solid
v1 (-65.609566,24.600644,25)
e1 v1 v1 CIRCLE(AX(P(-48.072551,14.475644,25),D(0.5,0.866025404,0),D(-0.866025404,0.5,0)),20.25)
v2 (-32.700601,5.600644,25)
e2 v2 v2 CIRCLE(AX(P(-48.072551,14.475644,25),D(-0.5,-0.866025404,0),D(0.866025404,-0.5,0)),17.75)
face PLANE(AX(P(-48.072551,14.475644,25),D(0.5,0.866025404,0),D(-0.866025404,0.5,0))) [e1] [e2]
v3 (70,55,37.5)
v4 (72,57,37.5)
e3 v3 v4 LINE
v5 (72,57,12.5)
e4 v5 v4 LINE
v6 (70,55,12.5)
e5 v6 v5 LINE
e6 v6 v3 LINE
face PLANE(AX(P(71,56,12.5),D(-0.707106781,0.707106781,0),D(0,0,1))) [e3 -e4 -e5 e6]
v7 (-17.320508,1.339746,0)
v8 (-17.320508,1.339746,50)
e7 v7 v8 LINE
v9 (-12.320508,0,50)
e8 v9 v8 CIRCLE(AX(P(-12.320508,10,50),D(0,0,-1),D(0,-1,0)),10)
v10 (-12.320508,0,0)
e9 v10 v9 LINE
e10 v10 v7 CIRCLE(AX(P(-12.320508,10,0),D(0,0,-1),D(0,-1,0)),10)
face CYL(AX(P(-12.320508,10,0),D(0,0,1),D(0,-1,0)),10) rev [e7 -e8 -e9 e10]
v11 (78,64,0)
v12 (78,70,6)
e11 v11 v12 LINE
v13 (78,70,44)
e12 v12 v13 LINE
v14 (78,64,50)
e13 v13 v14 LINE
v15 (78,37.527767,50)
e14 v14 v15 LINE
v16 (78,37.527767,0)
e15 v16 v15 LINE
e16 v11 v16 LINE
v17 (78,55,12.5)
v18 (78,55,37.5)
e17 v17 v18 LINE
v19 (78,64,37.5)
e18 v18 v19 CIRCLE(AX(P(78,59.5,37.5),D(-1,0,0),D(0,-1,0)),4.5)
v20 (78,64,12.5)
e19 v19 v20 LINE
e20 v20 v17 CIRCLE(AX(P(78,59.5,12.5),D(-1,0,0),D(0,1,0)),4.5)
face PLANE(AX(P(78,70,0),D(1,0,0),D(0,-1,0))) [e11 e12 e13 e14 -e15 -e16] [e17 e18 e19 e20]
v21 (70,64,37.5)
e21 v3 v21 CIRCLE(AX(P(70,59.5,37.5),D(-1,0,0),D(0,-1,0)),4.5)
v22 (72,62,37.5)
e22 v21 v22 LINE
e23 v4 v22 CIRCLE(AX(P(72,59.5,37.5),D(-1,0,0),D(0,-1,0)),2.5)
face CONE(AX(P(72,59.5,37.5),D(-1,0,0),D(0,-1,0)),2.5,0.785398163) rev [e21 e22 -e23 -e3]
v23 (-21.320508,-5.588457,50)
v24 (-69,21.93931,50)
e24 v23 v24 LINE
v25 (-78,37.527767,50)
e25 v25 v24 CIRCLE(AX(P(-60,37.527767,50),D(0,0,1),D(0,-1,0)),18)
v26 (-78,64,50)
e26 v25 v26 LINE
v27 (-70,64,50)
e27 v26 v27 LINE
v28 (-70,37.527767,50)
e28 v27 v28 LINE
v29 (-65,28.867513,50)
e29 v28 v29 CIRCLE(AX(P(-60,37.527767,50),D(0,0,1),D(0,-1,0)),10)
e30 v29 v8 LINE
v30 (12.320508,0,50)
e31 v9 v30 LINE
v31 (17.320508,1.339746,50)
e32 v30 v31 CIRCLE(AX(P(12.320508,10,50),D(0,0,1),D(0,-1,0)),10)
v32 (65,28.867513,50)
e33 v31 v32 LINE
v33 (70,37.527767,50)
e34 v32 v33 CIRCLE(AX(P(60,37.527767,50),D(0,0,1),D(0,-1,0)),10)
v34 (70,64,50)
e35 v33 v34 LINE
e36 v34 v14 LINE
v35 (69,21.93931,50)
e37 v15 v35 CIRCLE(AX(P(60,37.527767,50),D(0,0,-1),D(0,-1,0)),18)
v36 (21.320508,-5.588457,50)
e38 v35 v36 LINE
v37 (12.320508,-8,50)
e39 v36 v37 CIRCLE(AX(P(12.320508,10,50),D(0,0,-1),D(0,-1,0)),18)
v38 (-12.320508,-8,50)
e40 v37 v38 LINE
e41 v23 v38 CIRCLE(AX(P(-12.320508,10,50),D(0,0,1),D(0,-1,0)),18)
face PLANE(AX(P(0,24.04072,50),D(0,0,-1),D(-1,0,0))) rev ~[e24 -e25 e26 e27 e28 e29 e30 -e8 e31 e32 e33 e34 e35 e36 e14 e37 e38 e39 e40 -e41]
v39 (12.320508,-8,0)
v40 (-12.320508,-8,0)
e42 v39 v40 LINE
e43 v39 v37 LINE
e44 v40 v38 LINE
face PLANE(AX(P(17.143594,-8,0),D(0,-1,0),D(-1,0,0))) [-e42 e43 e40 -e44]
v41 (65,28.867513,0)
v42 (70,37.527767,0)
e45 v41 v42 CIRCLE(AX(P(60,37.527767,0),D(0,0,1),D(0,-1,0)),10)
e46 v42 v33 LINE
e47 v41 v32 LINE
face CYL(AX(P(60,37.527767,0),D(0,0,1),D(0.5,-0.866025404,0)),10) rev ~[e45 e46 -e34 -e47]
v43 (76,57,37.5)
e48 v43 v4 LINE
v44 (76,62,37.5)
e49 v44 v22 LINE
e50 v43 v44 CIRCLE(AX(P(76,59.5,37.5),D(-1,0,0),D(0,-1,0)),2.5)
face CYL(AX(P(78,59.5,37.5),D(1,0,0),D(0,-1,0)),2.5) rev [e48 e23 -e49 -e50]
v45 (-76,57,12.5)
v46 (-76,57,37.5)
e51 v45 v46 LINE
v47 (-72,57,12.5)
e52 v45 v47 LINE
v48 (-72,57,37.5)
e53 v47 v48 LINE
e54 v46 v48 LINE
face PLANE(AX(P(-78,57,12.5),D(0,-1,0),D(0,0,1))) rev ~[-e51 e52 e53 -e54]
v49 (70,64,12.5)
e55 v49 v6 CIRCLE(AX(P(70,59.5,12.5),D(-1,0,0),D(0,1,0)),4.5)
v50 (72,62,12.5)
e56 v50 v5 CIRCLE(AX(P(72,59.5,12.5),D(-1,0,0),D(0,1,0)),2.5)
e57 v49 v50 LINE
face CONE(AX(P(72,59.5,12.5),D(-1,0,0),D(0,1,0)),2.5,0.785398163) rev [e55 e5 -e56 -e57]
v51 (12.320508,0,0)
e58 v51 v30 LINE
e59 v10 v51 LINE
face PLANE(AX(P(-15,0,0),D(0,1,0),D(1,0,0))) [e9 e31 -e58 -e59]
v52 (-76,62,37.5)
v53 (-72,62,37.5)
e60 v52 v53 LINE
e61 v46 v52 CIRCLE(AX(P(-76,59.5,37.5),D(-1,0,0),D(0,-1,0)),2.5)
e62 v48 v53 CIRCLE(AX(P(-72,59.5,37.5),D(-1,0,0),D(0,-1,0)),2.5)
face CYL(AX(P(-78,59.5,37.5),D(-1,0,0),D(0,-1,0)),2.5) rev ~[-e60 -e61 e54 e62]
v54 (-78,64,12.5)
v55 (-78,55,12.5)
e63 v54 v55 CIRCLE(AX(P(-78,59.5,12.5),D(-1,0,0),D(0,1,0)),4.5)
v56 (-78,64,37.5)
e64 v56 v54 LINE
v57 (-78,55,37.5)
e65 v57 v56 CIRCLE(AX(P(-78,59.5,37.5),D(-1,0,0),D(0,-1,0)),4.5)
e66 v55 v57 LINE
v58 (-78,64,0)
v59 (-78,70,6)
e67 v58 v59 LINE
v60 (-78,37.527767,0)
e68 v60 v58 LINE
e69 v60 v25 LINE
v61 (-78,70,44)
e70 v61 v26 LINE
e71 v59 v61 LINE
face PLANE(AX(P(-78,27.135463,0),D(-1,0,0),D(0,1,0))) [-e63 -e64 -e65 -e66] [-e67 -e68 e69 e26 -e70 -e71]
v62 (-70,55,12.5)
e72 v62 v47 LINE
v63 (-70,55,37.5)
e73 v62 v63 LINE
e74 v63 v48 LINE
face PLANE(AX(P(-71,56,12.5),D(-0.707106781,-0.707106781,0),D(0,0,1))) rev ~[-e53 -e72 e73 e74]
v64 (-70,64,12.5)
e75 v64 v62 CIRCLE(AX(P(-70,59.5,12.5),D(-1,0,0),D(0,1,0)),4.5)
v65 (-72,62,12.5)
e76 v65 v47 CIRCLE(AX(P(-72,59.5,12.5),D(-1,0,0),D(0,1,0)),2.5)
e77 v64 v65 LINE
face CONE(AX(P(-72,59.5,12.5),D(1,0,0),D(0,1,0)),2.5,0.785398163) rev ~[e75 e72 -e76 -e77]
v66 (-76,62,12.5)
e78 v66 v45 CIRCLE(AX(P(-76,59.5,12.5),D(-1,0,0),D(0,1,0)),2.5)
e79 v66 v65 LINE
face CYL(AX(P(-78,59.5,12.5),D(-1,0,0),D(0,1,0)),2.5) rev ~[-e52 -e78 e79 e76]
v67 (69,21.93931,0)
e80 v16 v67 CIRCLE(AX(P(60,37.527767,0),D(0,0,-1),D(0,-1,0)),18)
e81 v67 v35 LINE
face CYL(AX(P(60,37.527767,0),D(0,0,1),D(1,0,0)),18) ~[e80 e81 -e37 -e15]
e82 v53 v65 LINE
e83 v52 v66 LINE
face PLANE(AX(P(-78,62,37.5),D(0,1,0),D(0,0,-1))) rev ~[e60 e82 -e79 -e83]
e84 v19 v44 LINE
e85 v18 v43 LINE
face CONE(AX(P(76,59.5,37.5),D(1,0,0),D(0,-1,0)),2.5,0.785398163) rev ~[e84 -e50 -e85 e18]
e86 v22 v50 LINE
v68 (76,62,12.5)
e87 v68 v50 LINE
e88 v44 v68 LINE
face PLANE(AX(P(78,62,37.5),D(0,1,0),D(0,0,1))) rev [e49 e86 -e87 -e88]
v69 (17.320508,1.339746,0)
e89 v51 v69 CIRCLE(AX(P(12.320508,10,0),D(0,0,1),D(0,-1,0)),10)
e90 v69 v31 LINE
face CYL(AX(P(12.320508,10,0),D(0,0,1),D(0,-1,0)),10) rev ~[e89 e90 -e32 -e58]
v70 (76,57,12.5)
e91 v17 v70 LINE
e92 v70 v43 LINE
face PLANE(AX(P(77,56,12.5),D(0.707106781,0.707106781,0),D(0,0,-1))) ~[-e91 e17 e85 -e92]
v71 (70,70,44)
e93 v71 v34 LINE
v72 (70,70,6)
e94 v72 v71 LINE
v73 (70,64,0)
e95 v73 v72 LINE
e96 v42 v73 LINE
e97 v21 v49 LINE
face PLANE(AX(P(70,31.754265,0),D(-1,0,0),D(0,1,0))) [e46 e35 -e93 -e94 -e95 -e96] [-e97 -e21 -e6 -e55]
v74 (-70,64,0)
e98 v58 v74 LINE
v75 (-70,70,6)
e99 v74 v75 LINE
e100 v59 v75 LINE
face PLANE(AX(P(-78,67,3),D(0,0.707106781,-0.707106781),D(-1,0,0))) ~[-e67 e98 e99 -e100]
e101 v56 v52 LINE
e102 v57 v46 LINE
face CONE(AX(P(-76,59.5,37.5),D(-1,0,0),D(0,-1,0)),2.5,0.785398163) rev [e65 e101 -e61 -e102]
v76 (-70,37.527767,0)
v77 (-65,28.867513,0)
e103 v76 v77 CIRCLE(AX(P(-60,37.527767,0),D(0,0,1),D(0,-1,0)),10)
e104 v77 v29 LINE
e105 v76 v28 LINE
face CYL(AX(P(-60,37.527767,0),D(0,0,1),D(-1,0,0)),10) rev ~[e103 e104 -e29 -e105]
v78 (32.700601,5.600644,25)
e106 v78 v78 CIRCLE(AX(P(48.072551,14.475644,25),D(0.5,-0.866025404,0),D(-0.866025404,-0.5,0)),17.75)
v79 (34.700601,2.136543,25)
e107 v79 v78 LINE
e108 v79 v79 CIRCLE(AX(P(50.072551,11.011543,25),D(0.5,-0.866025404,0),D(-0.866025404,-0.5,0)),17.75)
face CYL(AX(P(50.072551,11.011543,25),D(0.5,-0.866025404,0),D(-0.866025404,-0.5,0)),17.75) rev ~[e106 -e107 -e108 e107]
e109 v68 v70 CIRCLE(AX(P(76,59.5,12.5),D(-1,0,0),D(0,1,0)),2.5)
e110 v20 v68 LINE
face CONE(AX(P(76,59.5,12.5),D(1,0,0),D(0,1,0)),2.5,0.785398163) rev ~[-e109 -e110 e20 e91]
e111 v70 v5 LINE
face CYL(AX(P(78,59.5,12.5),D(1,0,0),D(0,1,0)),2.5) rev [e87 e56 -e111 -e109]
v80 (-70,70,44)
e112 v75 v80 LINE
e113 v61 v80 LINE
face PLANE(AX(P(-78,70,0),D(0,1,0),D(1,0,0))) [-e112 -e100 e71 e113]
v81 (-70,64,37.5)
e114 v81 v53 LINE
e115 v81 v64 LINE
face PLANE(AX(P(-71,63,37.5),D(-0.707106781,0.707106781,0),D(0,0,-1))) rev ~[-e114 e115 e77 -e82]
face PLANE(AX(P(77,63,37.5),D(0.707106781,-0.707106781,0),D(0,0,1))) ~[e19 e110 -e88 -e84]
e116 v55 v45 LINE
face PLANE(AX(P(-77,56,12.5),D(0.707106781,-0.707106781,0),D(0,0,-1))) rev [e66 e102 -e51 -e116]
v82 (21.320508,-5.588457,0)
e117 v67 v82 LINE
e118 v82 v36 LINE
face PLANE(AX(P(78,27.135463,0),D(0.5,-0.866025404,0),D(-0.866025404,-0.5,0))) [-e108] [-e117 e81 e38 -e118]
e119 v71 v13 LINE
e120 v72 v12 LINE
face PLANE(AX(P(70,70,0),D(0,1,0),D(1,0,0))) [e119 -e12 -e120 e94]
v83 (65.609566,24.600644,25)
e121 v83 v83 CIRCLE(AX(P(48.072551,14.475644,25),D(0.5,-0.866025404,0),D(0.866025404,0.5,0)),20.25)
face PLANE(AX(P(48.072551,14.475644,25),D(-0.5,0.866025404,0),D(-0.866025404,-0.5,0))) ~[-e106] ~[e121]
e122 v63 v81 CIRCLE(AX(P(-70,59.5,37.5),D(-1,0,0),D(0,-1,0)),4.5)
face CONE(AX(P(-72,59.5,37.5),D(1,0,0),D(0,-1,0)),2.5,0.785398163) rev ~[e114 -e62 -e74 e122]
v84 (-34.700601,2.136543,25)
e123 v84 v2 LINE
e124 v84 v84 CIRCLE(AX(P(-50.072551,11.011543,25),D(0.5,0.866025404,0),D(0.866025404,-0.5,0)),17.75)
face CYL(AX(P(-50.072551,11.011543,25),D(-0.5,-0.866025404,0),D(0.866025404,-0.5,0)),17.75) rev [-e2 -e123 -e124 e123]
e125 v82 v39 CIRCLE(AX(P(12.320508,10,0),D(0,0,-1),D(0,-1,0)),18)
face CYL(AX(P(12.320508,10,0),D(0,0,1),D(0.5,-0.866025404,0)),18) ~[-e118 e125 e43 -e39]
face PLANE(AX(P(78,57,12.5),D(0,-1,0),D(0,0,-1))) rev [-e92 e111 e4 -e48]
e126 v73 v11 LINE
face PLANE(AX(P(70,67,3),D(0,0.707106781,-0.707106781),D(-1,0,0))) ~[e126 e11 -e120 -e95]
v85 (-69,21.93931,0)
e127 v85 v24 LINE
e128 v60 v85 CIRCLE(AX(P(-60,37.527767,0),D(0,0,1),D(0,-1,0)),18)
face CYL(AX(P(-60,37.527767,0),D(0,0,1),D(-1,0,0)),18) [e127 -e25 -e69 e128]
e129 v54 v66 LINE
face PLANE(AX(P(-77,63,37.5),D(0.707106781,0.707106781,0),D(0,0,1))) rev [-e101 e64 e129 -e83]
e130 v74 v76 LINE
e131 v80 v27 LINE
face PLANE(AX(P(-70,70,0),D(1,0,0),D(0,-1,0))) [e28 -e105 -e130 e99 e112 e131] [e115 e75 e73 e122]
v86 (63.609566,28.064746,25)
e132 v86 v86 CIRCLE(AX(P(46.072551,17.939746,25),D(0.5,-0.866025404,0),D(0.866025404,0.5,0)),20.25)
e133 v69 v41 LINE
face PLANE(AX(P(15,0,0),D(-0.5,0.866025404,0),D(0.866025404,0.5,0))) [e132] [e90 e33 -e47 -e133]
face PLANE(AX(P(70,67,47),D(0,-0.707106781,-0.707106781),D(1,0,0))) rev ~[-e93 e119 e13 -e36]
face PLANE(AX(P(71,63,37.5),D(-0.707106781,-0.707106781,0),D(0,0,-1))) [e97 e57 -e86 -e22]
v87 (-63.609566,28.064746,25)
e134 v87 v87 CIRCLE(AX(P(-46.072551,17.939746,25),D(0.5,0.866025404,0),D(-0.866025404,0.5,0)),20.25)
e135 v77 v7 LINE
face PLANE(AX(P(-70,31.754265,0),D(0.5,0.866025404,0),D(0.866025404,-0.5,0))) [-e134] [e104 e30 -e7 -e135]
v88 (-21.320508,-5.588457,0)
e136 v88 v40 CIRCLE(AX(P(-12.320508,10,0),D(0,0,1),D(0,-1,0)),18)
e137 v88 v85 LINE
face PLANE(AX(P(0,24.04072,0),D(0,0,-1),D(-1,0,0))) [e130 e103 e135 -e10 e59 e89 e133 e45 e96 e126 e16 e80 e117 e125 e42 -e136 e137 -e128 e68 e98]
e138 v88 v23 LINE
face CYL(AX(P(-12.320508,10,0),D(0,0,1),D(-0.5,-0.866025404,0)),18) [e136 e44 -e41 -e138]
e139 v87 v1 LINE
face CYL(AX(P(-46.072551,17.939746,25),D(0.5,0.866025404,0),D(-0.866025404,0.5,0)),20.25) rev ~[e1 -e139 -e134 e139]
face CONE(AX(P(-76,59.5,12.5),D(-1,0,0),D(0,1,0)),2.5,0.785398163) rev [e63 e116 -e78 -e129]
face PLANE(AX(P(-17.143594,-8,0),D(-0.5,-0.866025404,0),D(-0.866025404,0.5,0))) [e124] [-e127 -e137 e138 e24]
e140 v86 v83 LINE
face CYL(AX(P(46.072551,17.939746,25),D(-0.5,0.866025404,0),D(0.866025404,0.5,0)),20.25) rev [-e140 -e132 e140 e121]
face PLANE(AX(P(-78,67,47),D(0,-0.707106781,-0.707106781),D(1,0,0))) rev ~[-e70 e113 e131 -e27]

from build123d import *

# Parameters (mm, degrees)
BOSS_EXTRUDE1_DEPTH      = 50
FILLET1_R                = 10
FILLET2_R                = 18
CUT_EXTRUDE1_DEPTH       = 8
CHAMFER1_SIZE            = 2
CHAMFER2_SIZE            = 6
SKETCH3_R                = 17.75
CUT_EXTRUDE2_DEPTH       = 8
SKETCH4_R                = 20.25
CUT_EXTRUDE3_DEPTH       = 4
CHAMFER1_OF_MIRROR2_SIZE = 2
CHAMFER2_OF_MIRROR2_SIZE = 6


with BuildPart() as part:
    # Sketch1 → Boss-Extrude1 (new body)
    with BuildSketch(Plane.XY):
        Polygon((-15, 0), (15, 0), (70, 31.754264805), (70, 70), (78, 70), (78, 27.135462652), (17.143593539, -8), (-17.143593539, -8), (-78, 27.135462652), (-78, 70), (-70, 70), (-70, 31.754264805), align=None)
    extrude(amount=BOSS_EXTRUDE1_DEPTH)

    # Fillet1
    fillet1_edges = [part.edges().sort_by_distance(p)[0] for p in [
        (-15, 0, 25),
        (15, 0, 25),
        (70, 31.754264805, 25),
        (-70, 31.754264805, 25),
    ]]
    fillet(fillet1_edges, radius=FILLET1_R)

    # Fillet2
    fillet2_edges = [part.edges().sort_by_distance(p)[0] for p in [
        (78, 27.135462652, 25),
        (17.143593539, -8, 25),
        (-17.143593539, -8, 25),
        (-78, 27.135462652, 25),
    ]]
    fillet(fillet2_edges, radius=FILLET2_R)

    # Sketch2 → Cut-Extrude1 (cut)
    with BuildSketch(Plane(origin=(-78, 160.753072215, 0), x_dir=(0, 0, 1), z_dir=(1, 0, 0))):
        with BuildLine():
            Line((12.5, 103.753072215), (37.5, 103.753072215))
            ThreePointArc((37.5, 103.753072215), (40, 101.253072215), (37.5, 98.753072215))
            Line((37.5, 98.753072215), (12.5, 98.753072215))
            ThreePointArc((12.5, 98.753072215), (10, 101.253072215), (12.5, 103.753072215))
        make_face()
    cut_extrude1 = extrude(amount=CUT_EXTRUDE1_DEPTH, mode=Mode.SUBTRACT)

    # Chamfer1
    chamfer1_edges = [part.edges().sort_by_distance(p)[0] for p in [
        (-70, 59.5, 10),
        (-78, 59.5, 10),
        (-70, 62, 25),
        (-78, 62, 25),
        (-70, 59.5, 40),
        (-78, 59.5, 40),
        (-70, 57, 25),
        (-78, 57, 25),
    ]]
    chamfer(chamfer1_edges, length=CHAMFER1_SIZE)

    # Chamfer2
    chamfer2_edges = [part.edges().sort_by_distance(p)[0] for p in [
        (-74, 70, 50),
        (-74, 70, 0),
    ]]
    chamfer(chamfer2_edges, length=CHAMFER2_SIZE)

    # Sketch3 → Cut-Extrude2 (cut)
    with BuildSketch(Plane(origin=(-27.350055988, -2.107296158, 0), x_dir=(0, 0, 1), z_dir=(0.5, 0.866025404, 0))):
        with Locations(Location((25, -26.237677779, 0), (0, 0, 90))):  # turned: the seam where the file's is
            Circle(SKETCH3_R)
    cut_extrude2 = extrude(amount=CUT_EXTRUDE2_DEPTH, mode=Mode.SUBTRACT)

    # Sketch4 → Cut-Extrude3 (cut)
    with BuildSketch(Plane(origin=(-3.75, -6.495190528, 0), x_dir=(0, 0, -1), z_dir=(0.5, 0.866025404, 0))):
        with Locations(Location((-25, 48.869872981, 0), (0, 0, 90))):  # turned: the seam where the file's is
            Circle(SKETCH4_R)
    cut_extrude3 = extrude(amount=-CUT_EXTRUDE3_DEPTH, mode=Mode.SUBTRACT)

    # Mirror2: Cut-Extrude1, Cut-Extrude2, Cut-Extrude3 across plane
    add(cut_extrude1.mirror(Plane(origin=(0, 0, 0), x_dir=(0, 0, 1), z_dir=(1, 0, 0))), mode=Mode.SUBTRACT)
    add(cut_extrude2.mirror(Plane(origin=(0, 0, 0), x_dir=(0, 0, 1), z_dir=(1, 0, 0))), mode=Mode.SUBTRACT)
    add(cut_extrude3.mirror(Plane(origin=(0, 0, 0), x_dir=(0, 0, 1), z_dir=(1, 0, 0))), mode=Mode.SUBTRACT)

    # Chamfer1 of Mirror2
    chamfer1_of_mirror2_edges = [part.edges().sort_by_distance(p)[0] for p in [
        (70, 59.5, 10),
        (78, 59.5, 10),
        (70, 62, 25),
        (78, 62, 25),
        (70, 59.5, 40),
        (78, 59.5, 40),
        (70, 57, 25),
        (78, 57, 25),
    ]]
    chamfer(chamfer1_of_mirror2_edges, length=CHAMFER1_OF_MIRROR2_SIZE)

    # Chamfer2 of Mirror2
    chamfer2_of_mirror2_edges = [part.edges().sort_by_distance(p)[0] for p in [
        (74, 70, 50),
        (74, 70, 0),
    ]]
    chamfer(chamfer2_of_mirror2_edges, length=CHAMFER2_OF_MIRROR2_SIZE)


solid = part.part
